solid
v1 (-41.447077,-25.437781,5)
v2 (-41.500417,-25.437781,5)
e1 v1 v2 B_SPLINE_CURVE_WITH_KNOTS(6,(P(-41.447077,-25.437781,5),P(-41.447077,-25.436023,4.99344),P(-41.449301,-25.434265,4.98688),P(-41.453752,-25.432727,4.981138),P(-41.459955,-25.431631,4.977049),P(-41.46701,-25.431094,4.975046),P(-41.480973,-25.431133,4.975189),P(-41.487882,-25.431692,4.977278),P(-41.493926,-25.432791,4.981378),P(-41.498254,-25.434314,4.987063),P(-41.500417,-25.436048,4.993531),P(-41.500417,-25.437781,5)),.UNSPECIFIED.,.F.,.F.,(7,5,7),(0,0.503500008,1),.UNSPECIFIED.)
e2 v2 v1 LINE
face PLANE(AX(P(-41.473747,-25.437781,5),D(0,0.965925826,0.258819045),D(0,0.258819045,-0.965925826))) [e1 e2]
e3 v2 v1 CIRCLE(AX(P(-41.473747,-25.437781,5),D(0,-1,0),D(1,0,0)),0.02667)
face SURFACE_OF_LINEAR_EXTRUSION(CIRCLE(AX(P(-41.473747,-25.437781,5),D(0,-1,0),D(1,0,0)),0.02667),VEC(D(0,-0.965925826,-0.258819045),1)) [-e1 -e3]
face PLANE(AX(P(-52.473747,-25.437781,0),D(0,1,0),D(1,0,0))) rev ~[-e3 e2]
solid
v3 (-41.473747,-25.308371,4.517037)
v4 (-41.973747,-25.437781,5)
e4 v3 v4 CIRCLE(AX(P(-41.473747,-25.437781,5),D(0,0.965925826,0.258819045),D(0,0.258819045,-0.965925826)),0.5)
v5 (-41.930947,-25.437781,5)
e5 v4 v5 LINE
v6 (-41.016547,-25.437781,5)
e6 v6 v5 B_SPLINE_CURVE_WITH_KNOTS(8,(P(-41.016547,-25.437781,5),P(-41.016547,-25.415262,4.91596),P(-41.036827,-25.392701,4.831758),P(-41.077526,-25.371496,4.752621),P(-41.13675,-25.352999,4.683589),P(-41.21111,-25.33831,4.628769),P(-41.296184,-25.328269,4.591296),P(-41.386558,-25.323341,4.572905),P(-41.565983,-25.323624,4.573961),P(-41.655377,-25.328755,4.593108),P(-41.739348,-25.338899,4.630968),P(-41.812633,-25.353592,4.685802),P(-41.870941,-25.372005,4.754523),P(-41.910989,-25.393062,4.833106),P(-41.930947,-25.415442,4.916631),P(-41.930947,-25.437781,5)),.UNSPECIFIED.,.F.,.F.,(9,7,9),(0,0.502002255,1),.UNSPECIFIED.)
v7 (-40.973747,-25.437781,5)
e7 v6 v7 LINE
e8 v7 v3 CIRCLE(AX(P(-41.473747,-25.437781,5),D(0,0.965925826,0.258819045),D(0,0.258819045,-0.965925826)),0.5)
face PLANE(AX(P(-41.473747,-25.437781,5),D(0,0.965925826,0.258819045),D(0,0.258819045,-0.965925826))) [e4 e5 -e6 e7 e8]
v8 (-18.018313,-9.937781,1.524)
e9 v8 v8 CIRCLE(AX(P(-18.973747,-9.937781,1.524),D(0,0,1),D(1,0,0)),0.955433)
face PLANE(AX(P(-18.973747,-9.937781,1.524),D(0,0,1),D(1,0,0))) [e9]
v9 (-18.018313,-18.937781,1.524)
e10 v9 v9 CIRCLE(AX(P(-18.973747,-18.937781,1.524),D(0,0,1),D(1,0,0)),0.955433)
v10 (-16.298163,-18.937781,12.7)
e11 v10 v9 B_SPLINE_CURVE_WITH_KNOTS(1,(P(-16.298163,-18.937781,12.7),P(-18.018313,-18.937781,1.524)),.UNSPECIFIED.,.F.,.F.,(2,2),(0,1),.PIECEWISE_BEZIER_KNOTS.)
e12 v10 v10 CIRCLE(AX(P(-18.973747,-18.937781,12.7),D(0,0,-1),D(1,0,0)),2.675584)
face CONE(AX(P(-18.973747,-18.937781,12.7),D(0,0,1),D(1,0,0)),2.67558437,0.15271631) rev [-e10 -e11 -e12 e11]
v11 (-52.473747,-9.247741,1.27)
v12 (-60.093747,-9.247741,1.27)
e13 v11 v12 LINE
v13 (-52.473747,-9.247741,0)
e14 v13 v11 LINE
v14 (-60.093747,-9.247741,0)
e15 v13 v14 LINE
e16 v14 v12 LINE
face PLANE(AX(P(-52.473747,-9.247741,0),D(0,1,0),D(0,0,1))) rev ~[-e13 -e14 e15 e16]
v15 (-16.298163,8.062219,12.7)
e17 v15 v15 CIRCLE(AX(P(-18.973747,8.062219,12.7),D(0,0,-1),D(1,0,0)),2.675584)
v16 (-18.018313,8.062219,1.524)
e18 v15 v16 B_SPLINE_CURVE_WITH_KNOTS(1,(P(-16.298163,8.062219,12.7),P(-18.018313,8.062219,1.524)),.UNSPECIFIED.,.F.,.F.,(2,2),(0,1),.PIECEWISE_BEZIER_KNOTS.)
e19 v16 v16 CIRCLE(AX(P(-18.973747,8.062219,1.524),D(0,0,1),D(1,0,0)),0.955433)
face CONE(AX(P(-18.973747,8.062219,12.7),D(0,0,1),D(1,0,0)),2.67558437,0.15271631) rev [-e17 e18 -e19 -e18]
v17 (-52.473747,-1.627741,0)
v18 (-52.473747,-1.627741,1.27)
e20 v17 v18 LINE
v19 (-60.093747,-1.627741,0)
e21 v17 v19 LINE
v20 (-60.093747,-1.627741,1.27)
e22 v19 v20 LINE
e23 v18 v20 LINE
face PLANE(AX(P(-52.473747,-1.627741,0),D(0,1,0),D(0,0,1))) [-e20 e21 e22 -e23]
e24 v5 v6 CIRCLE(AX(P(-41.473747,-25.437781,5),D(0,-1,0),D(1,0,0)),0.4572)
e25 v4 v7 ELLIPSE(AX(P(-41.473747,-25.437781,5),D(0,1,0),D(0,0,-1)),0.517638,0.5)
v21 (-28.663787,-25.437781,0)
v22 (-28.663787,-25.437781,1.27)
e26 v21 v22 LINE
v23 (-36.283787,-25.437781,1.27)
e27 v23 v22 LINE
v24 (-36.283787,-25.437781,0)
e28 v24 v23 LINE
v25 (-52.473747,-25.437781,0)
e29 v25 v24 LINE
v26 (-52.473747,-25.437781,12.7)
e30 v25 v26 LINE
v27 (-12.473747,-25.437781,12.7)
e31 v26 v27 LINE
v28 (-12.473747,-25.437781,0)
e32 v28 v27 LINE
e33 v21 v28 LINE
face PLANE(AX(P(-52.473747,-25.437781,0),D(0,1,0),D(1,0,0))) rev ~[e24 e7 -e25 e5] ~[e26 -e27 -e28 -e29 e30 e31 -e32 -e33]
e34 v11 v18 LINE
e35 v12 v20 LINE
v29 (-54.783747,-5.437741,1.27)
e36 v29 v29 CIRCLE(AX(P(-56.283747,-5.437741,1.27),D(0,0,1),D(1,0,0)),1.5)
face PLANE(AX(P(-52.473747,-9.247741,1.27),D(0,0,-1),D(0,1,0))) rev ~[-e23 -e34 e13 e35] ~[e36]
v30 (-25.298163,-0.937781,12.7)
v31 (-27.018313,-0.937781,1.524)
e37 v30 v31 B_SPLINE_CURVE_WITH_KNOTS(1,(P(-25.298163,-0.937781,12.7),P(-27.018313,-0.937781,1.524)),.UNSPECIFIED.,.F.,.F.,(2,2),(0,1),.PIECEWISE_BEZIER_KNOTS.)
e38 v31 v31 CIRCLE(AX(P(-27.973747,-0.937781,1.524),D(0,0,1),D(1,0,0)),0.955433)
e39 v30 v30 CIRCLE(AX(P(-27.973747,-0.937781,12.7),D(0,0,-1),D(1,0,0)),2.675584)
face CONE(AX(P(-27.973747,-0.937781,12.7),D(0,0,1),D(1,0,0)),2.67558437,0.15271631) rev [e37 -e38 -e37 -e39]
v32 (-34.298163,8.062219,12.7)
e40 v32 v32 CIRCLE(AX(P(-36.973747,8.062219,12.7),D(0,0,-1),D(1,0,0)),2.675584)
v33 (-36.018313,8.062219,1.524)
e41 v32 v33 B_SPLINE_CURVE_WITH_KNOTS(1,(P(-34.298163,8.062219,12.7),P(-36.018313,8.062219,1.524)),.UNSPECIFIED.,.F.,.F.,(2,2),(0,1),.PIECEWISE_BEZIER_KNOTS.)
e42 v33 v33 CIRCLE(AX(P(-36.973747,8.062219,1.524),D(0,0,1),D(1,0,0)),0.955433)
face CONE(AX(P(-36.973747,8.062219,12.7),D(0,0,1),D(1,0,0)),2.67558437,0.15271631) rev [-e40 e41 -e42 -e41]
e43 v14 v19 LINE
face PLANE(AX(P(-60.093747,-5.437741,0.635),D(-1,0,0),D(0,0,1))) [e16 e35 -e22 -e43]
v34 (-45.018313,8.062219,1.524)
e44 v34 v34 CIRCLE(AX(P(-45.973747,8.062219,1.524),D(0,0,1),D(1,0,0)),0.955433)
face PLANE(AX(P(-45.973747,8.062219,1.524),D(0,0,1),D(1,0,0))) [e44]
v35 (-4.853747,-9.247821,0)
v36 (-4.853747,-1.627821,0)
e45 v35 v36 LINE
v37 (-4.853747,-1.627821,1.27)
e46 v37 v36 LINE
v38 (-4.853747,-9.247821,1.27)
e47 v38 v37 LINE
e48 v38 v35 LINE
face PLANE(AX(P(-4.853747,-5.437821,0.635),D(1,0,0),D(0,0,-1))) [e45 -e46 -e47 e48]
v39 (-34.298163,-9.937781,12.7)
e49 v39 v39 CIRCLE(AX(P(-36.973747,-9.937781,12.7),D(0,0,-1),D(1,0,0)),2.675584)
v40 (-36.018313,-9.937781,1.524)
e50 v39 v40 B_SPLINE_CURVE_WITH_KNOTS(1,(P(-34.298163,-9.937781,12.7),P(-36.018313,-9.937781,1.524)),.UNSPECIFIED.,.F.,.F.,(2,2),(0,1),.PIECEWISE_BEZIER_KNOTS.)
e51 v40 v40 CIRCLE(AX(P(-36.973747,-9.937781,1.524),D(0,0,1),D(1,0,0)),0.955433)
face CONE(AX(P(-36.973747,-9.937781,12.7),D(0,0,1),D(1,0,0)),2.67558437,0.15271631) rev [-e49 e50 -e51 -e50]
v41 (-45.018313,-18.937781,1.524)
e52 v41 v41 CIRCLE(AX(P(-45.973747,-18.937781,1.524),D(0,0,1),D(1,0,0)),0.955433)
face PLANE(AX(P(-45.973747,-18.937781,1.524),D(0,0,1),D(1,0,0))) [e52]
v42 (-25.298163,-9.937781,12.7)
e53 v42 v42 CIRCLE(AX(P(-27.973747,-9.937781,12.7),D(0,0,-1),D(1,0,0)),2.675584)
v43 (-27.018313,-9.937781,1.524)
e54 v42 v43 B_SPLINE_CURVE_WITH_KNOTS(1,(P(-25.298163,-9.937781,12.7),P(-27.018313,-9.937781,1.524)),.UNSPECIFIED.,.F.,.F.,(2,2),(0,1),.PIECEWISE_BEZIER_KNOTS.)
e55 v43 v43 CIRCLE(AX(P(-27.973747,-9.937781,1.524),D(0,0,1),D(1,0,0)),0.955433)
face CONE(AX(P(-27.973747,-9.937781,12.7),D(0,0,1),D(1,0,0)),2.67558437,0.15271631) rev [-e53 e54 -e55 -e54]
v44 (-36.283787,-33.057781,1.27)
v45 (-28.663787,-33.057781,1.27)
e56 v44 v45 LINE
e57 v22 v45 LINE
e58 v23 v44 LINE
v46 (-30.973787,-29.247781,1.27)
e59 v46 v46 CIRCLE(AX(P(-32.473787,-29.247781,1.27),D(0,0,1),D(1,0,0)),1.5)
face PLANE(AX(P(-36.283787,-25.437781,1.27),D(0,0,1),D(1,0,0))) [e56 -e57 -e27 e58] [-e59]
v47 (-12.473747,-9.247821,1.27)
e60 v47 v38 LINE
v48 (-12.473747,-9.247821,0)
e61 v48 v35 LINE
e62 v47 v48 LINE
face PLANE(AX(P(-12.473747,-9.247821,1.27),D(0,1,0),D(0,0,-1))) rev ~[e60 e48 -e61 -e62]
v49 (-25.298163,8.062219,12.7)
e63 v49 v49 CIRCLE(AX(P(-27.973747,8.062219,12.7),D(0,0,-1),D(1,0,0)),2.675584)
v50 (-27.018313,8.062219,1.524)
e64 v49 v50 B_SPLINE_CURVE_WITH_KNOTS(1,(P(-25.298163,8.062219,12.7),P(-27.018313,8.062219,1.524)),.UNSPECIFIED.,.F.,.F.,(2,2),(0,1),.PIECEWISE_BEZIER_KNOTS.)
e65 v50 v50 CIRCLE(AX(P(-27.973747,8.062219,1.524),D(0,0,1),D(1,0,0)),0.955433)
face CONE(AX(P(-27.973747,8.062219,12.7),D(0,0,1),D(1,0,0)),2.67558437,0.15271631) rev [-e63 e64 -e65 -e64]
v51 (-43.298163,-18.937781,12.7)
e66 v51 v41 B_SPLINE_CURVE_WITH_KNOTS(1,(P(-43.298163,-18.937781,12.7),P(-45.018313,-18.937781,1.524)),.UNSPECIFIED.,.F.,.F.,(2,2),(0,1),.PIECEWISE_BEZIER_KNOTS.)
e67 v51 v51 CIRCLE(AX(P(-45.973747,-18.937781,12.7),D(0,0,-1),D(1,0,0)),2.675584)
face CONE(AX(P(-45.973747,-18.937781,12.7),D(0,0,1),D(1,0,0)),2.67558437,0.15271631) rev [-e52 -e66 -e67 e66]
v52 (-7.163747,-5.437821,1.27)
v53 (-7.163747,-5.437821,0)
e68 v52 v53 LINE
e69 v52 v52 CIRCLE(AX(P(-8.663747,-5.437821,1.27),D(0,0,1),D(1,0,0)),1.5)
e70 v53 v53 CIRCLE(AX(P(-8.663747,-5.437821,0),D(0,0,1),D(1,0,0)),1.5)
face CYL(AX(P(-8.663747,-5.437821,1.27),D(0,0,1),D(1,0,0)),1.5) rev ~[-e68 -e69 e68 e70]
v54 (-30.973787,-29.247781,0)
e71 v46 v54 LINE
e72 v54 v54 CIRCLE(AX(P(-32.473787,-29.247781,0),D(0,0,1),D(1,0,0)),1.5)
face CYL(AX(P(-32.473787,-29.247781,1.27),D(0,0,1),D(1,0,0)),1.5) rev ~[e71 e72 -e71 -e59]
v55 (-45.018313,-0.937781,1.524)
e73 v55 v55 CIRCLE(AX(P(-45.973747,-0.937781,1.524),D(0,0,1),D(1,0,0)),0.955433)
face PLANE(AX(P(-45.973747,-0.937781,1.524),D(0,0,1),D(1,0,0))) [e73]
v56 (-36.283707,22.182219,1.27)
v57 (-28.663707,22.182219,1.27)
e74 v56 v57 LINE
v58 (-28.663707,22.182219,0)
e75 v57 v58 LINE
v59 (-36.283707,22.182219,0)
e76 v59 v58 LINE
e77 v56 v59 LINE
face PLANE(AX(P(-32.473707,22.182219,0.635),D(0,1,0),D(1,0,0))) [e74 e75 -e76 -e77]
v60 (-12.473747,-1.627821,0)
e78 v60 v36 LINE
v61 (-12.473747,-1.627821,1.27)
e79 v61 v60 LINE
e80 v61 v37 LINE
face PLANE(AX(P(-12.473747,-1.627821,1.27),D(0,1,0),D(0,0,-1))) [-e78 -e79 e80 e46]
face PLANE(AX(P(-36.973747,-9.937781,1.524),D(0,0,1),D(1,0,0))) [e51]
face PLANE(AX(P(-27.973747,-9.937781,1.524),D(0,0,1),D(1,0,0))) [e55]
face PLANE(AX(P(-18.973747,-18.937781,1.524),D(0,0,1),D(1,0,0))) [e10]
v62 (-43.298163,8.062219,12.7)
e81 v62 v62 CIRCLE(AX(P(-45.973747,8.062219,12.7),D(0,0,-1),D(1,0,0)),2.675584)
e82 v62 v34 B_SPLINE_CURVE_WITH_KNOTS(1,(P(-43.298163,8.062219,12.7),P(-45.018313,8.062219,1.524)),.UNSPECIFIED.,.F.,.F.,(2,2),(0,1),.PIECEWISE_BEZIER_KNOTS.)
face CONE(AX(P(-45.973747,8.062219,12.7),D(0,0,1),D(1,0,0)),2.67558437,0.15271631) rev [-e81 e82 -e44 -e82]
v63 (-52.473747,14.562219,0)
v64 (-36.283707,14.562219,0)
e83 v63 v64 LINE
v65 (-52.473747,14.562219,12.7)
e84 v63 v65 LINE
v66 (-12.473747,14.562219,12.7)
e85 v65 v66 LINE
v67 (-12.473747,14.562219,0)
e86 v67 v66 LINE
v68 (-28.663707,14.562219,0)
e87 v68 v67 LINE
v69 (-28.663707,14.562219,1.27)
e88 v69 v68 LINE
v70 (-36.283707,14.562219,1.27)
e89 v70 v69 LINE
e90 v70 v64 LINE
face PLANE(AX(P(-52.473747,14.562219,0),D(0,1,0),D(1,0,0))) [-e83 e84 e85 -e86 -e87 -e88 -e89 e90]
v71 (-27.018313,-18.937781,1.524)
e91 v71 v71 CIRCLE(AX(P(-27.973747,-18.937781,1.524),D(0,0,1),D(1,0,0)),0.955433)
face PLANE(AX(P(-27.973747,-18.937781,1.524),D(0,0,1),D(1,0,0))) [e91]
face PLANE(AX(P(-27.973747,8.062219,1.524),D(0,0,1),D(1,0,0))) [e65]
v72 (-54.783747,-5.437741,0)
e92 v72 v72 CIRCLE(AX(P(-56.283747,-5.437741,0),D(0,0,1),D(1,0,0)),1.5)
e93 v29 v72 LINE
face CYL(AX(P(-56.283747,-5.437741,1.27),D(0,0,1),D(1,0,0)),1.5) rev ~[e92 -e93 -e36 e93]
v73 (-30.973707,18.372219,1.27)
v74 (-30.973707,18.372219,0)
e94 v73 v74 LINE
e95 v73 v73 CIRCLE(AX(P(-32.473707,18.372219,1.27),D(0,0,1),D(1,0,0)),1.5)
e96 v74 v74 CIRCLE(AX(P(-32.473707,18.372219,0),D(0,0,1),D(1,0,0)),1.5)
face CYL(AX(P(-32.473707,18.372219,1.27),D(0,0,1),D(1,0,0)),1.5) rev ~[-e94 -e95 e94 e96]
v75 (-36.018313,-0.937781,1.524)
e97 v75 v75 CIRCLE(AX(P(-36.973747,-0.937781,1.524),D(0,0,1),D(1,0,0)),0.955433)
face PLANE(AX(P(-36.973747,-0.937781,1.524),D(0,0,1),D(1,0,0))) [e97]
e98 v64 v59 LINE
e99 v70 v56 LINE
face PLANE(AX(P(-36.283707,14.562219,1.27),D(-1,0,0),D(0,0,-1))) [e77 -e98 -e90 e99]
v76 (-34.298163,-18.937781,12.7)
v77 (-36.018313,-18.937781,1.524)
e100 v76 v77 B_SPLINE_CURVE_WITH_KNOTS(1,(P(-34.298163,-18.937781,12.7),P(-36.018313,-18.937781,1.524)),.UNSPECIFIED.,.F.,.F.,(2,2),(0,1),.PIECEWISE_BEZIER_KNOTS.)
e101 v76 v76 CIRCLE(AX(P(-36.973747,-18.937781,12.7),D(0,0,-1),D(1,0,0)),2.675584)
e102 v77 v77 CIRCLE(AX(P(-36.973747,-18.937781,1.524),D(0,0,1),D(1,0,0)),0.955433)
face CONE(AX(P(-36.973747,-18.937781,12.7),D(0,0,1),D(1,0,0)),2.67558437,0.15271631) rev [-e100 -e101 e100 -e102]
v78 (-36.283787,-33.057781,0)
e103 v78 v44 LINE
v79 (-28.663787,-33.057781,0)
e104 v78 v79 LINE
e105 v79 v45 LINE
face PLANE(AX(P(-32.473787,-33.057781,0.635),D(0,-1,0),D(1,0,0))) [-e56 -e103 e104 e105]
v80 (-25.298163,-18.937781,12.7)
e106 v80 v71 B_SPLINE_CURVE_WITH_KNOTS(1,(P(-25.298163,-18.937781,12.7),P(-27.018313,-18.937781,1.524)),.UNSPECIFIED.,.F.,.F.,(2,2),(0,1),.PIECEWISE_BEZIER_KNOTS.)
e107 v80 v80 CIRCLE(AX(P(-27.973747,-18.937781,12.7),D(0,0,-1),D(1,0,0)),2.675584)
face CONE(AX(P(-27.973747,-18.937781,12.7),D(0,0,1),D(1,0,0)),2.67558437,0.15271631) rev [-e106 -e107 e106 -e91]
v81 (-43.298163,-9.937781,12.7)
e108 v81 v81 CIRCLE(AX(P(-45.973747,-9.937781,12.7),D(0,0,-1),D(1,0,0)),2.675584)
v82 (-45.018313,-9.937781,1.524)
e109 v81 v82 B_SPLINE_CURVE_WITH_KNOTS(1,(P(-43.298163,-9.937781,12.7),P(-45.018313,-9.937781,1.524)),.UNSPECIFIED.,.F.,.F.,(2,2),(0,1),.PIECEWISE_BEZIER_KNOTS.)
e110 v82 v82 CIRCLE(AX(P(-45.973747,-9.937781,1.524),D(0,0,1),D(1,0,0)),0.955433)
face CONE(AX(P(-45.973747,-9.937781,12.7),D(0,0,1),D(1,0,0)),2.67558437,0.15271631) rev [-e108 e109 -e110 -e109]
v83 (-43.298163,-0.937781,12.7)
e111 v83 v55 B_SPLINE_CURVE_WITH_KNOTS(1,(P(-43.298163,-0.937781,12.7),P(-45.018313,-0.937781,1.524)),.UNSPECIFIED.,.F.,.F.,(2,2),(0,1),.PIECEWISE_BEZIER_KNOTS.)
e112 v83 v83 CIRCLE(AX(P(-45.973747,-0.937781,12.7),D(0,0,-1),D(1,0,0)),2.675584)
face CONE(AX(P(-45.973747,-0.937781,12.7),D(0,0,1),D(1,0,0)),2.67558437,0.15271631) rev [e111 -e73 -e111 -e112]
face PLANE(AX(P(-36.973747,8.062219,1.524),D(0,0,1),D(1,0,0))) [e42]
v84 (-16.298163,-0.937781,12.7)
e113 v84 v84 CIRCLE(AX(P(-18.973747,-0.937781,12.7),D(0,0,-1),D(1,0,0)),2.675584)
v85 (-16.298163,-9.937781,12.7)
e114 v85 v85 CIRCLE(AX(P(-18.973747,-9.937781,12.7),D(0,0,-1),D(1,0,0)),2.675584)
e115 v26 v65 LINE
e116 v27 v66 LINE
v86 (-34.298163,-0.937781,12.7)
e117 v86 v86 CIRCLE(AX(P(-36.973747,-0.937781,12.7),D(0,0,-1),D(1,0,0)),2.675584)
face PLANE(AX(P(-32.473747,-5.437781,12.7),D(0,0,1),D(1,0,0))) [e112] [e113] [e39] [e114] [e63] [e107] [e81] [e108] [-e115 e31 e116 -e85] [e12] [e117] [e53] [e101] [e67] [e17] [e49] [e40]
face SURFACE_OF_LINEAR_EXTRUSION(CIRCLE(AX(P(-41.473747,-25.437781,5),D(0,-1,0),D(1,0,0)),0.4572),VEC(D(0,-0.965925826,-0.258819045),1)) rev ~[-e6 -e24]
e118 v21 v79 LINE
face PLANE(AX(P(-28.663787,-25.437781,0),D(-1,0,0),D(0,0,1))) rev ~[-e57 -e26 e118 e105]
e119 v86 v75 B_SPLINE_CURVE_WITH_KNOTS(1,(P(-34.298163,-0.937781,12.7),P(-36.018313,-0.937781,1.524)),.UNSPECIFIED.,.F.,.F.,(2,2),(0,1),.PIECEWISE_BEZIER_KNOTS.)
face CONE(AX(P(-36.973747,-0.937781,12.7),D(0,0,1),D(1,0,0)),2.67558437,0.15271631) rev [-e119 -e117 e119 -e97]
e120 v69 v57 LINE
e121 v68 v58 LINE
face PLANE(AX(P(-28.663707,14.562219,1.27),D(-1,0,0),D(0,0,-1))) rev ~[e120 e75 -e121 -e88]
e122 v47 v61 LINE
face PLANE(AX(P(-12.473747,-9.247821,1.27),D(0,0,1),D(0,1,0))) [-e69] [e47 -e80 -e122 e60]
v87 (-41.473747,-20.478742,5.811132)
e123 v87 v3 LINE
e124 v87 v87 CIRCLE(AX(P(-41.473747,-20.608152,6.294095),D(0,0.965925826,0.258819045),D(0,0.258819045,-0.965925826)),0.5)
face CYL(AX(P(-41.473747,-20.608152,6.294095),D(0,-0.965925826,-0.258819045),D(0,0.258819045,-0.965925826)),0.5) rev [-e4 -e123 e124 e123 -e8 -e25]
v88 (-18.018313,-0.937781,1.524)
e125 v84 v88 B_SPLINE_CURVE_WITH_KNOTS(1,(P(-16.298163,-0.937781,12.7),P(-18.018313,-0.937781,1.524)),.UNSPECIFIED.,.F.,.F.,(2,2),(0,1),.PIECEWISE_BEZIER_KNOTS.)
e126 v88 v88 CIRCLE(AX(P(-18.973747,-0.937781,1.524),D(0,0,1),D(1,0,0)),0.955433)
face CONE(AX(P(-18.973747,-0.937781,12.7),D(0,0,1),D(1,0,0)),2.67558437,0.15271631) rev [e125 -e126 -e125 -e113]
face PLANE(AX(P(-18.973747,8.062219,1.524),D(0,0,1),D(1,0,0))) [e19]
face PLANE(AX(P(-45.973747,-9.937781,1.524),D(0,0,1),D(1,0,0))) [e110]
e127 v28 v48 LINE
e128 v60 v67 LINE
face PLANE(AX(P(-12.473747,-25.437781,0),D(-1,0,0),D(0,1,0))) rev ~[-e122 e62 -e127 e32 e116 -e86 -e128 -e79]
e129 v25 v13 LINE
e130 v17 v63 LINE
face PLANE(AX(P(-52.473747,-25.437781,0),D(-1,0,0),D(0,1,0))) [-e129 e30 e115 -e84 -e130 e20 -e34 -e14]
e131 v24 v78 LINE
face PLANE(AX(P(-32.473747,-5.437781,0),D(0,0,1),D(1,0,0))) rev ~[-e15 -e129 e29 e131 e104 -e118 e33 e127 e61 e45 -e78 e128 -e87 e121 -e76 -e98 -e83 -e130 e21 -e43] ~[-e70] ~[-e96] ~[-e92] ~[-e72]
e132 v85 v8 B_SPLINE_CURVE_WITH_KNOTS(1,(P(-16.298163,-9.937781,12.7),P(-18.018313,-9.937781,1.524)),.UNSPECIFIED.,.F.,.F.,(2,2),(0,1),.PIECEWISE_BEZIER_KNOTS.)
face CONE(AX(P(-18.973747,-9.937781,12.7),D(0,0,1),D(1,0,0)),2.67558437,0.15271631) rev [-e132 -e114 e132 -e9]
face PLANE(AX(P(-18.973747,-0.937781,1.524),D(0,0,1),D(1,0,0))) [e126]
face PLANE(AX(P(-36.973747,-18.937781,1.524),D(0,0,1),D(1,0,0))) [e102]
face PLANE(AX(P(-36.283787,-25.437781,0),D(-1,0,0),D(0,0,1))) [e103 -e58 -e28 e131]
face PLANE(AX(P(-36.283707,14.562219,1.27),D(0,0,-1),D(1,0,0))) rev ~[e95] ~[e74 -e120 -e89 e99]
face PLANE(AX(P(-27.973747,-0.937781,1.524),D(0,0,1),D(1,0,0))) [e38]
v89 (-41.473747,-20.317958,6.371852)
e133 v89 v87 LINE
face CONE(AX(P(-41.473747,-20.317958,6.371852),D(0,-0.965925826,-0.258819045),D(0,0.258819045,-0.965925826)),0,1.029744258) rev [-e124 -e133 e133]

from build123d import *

# Parameters (mm, degrees)
SKETCH1_W               = 40
SKETCH1_H               = 40
BOSS_EXTRUDE1_DEPTH     = 12.7
SKETCH2_R               = 2.67558437
CUT_EXTRUDE1_DEPTH      = 11.176
CUT_EXTRUDE1_TAPER      = 8.75
SKETCH3_W               = 7.62
SKETCH3_H               = 1.27
BOSS_EXTRUDE2_DEPTH     = 7.62
SKETCH4_W               = 1.27
SKETCH4_H               = 7.62
BOSS_EXTRUDE3_DEPTH     = 7.62
SKETCH5_W               = 1.27
SKETCH5_H               = 7.62
BOSS_EXTRUDE4_DEPTH     = 7.62
SKETCH6_W               = 7.62
SKETCH6_H               = 1.27
BOSS_EXTRUDE5_DEPTH     = 7.62
SKETCH7_R               = 1.5
M3_DIAMETER_HOLES_DEPTH = 7.62
SKETCH8_R               = 0.4572
SKETCH8_R_2             = 0.02667
CUT_EXTRUDE3_DEPTH      = 2


with BuildPart() as part:
    # Sketch1 → Boss-Extrude1 (new body)
    with BuildSketch(Plane.XY):
        with Locations((-32.473746891, -5.437780853)):
            Rectangle(SKETCH1_W, SKETCH1_H)
    extrude(amount=BOSS_EXTRUDE1_DEPTH)

    # Sketch2 → Cut-Extrude1 (cut)
    with BuildSketch(Plane.XY.offset(12.7)):
        with Locations((-45.973746891, 8.062219147)):
            Circle(SKETCH2_R)
        with Locations((-36.973746891, 8.062219147)):
            Circle(SKETCH2_R)
        with Locations((-27.973746891, 8.062219147)):
            Circle(SKETCH2_R)
        with Locations((-18.973746891, 8.062219147)):
            Circle(SKETCH2_R)
        with Locations((-45.973746891, -0.937780853)):
            Circle(SKETCH2_R)
        with Locations((-36.973746891, -0.937780853)):
            Circle(SKETCH2_R)
        with Locations((-27.973746891, -0.937780853)):
            Circle(SKETCH2_R)
        with Locations((-18.973746891, -0.937780853)):
            Circle(SKETCH2_R)
        with Locations((-45.973746891, -9.937780853)):
            Circle(SKETCH2_R)
        with Locations((-36.973746891, -9.937780853)):
            Circle(SKETCH2_R)
        with Locations((-27.973746891, -9.937780853)):
            Circle(SKETCH2_R)
        with Locations((-18.973746891, -9.937780853)):
            Circle(SKETCH2_R)
        with Locations((-45.973746891, -18.937780853)):
            Circle(SKETCH2_R)
        with Locations((-36.973746891, -18.937780853)):
            Circle(SKETCH2_R)
        with Locations((-27.973746891, -18.937780853)):
            Circle(SKETCH2_R)
        with Locations((-18.973746891, -18.937780853)):
            Circle(SKETCH2_R)
    extrude(amount=-CUT_EXTRUDE1_DEPTH, taper=CUT_EXTRUDE1_TAPER, mode=Mode.SUBTRACT)

    # Sketch3 → Boss-Extrude2 (add)
    with BuildSketch(Plane(origin=(0, 14.562219147, 0), x_dir=(1, 0, 0), z_dir=(0, 1, 0))):
        with Locations((-32.473706891, -0.635)):
            Rectangle(SKETCH3_W, SKETCH3_H)
    extrude(amount=BOSS_EXTRUDE2_DEPTH)

    # Sketch4 → Boss-Extrude3 (add)
    with BuildSketch(Plane(origin=(-12.473746891, 0, 0), x_dir=(0, 0, -1), z_dir=(1, 0, 0))):
        with Locations((-0.635, -5.437820853)):
            Rectangle(SKETCH4_W, SKETCH4_H)
    extrude(amount=BOSS_EXTRUDE3_DEPTH)

    # Sketch5 → Boss-Extrude4 (add)
    with BuildSketch(Plane.ZY.offset(52.473746891)):
        with Locations((0.635, -5.437740853)):
            Rectangle(SKETCH5_W, SKETCH5_H)
    extrude(amount=BOSS_EXTRUDE4_DEPTH)

    # Sketch6 → Boss-Extrude5 (add)
    with BuildSketch(Plane.XZ.offset(25.437780853)):
        with Locations((-32.473786891, 0.635)):
            Rectangle(SKETCH6_W, SKETCH6_H)
    extrude(amount=BOSS_EXTRUDE5_DEPTH)

    # Sketch7 → M3 diameter holes (cut)
    with BuildSketch(Plane.XY.offset(1.27)):
        with Locations((-32.473786891, -29.247780853)):
            Circle(SKETCH7_R)
        with Locations((-56.283746891, -5.437740853)):
            Circle(SKETCH7_R)
        with Locations((-8.663746891, -5.437820853)):
            Circle(SKETCH7_R)
        with Locations((-32.473706891, 18.372219147)):
            Circle(SKETCH7_R)
    extrude(amount=-M3_DIAMETER_HOLES_DEPTH, mode=Mode.SUBTRACT)

    # Sketch15 → 1.0 _1_ Diameter Hole1 (revolve, cut)
    with BuildSketch(Plane(origin=(-41.473746891, -25.437780853, 5), x_dir=(0, 0.258819045, -0.965925826), z_dir=(1, 0, 0))):
        Polygon((0, 0), (0, 5.30043031), (0.5, 5), (0.5, 0), align=None)
    revolve(axis=Axis((-41.473746891, -31.57140985, 3.356499064), (0, 0.965925826, 0.258819045)), mode=Mode.SUBTRACT)

    # Sketch8 → Cut-Extrude3 (cut, along a direction that is not the sketch's normal)
    with BuildSketch(Plane.XZ.offset(25.437780853)):
        with Locations((-41.473746891, 5)):
            Circle(SKETCH8_R)
        with Locations((-41.473746891, 5)):
            Circle(SKETCH8_R_2, mode=Mode.SUBTRACT)
    extrude(amount=-CUT_EXTRUDE3_DEPTH, dir=(0, -0.965925826, -0.258819045), mode=Mode.SUBTRACT)


solid = part.part
